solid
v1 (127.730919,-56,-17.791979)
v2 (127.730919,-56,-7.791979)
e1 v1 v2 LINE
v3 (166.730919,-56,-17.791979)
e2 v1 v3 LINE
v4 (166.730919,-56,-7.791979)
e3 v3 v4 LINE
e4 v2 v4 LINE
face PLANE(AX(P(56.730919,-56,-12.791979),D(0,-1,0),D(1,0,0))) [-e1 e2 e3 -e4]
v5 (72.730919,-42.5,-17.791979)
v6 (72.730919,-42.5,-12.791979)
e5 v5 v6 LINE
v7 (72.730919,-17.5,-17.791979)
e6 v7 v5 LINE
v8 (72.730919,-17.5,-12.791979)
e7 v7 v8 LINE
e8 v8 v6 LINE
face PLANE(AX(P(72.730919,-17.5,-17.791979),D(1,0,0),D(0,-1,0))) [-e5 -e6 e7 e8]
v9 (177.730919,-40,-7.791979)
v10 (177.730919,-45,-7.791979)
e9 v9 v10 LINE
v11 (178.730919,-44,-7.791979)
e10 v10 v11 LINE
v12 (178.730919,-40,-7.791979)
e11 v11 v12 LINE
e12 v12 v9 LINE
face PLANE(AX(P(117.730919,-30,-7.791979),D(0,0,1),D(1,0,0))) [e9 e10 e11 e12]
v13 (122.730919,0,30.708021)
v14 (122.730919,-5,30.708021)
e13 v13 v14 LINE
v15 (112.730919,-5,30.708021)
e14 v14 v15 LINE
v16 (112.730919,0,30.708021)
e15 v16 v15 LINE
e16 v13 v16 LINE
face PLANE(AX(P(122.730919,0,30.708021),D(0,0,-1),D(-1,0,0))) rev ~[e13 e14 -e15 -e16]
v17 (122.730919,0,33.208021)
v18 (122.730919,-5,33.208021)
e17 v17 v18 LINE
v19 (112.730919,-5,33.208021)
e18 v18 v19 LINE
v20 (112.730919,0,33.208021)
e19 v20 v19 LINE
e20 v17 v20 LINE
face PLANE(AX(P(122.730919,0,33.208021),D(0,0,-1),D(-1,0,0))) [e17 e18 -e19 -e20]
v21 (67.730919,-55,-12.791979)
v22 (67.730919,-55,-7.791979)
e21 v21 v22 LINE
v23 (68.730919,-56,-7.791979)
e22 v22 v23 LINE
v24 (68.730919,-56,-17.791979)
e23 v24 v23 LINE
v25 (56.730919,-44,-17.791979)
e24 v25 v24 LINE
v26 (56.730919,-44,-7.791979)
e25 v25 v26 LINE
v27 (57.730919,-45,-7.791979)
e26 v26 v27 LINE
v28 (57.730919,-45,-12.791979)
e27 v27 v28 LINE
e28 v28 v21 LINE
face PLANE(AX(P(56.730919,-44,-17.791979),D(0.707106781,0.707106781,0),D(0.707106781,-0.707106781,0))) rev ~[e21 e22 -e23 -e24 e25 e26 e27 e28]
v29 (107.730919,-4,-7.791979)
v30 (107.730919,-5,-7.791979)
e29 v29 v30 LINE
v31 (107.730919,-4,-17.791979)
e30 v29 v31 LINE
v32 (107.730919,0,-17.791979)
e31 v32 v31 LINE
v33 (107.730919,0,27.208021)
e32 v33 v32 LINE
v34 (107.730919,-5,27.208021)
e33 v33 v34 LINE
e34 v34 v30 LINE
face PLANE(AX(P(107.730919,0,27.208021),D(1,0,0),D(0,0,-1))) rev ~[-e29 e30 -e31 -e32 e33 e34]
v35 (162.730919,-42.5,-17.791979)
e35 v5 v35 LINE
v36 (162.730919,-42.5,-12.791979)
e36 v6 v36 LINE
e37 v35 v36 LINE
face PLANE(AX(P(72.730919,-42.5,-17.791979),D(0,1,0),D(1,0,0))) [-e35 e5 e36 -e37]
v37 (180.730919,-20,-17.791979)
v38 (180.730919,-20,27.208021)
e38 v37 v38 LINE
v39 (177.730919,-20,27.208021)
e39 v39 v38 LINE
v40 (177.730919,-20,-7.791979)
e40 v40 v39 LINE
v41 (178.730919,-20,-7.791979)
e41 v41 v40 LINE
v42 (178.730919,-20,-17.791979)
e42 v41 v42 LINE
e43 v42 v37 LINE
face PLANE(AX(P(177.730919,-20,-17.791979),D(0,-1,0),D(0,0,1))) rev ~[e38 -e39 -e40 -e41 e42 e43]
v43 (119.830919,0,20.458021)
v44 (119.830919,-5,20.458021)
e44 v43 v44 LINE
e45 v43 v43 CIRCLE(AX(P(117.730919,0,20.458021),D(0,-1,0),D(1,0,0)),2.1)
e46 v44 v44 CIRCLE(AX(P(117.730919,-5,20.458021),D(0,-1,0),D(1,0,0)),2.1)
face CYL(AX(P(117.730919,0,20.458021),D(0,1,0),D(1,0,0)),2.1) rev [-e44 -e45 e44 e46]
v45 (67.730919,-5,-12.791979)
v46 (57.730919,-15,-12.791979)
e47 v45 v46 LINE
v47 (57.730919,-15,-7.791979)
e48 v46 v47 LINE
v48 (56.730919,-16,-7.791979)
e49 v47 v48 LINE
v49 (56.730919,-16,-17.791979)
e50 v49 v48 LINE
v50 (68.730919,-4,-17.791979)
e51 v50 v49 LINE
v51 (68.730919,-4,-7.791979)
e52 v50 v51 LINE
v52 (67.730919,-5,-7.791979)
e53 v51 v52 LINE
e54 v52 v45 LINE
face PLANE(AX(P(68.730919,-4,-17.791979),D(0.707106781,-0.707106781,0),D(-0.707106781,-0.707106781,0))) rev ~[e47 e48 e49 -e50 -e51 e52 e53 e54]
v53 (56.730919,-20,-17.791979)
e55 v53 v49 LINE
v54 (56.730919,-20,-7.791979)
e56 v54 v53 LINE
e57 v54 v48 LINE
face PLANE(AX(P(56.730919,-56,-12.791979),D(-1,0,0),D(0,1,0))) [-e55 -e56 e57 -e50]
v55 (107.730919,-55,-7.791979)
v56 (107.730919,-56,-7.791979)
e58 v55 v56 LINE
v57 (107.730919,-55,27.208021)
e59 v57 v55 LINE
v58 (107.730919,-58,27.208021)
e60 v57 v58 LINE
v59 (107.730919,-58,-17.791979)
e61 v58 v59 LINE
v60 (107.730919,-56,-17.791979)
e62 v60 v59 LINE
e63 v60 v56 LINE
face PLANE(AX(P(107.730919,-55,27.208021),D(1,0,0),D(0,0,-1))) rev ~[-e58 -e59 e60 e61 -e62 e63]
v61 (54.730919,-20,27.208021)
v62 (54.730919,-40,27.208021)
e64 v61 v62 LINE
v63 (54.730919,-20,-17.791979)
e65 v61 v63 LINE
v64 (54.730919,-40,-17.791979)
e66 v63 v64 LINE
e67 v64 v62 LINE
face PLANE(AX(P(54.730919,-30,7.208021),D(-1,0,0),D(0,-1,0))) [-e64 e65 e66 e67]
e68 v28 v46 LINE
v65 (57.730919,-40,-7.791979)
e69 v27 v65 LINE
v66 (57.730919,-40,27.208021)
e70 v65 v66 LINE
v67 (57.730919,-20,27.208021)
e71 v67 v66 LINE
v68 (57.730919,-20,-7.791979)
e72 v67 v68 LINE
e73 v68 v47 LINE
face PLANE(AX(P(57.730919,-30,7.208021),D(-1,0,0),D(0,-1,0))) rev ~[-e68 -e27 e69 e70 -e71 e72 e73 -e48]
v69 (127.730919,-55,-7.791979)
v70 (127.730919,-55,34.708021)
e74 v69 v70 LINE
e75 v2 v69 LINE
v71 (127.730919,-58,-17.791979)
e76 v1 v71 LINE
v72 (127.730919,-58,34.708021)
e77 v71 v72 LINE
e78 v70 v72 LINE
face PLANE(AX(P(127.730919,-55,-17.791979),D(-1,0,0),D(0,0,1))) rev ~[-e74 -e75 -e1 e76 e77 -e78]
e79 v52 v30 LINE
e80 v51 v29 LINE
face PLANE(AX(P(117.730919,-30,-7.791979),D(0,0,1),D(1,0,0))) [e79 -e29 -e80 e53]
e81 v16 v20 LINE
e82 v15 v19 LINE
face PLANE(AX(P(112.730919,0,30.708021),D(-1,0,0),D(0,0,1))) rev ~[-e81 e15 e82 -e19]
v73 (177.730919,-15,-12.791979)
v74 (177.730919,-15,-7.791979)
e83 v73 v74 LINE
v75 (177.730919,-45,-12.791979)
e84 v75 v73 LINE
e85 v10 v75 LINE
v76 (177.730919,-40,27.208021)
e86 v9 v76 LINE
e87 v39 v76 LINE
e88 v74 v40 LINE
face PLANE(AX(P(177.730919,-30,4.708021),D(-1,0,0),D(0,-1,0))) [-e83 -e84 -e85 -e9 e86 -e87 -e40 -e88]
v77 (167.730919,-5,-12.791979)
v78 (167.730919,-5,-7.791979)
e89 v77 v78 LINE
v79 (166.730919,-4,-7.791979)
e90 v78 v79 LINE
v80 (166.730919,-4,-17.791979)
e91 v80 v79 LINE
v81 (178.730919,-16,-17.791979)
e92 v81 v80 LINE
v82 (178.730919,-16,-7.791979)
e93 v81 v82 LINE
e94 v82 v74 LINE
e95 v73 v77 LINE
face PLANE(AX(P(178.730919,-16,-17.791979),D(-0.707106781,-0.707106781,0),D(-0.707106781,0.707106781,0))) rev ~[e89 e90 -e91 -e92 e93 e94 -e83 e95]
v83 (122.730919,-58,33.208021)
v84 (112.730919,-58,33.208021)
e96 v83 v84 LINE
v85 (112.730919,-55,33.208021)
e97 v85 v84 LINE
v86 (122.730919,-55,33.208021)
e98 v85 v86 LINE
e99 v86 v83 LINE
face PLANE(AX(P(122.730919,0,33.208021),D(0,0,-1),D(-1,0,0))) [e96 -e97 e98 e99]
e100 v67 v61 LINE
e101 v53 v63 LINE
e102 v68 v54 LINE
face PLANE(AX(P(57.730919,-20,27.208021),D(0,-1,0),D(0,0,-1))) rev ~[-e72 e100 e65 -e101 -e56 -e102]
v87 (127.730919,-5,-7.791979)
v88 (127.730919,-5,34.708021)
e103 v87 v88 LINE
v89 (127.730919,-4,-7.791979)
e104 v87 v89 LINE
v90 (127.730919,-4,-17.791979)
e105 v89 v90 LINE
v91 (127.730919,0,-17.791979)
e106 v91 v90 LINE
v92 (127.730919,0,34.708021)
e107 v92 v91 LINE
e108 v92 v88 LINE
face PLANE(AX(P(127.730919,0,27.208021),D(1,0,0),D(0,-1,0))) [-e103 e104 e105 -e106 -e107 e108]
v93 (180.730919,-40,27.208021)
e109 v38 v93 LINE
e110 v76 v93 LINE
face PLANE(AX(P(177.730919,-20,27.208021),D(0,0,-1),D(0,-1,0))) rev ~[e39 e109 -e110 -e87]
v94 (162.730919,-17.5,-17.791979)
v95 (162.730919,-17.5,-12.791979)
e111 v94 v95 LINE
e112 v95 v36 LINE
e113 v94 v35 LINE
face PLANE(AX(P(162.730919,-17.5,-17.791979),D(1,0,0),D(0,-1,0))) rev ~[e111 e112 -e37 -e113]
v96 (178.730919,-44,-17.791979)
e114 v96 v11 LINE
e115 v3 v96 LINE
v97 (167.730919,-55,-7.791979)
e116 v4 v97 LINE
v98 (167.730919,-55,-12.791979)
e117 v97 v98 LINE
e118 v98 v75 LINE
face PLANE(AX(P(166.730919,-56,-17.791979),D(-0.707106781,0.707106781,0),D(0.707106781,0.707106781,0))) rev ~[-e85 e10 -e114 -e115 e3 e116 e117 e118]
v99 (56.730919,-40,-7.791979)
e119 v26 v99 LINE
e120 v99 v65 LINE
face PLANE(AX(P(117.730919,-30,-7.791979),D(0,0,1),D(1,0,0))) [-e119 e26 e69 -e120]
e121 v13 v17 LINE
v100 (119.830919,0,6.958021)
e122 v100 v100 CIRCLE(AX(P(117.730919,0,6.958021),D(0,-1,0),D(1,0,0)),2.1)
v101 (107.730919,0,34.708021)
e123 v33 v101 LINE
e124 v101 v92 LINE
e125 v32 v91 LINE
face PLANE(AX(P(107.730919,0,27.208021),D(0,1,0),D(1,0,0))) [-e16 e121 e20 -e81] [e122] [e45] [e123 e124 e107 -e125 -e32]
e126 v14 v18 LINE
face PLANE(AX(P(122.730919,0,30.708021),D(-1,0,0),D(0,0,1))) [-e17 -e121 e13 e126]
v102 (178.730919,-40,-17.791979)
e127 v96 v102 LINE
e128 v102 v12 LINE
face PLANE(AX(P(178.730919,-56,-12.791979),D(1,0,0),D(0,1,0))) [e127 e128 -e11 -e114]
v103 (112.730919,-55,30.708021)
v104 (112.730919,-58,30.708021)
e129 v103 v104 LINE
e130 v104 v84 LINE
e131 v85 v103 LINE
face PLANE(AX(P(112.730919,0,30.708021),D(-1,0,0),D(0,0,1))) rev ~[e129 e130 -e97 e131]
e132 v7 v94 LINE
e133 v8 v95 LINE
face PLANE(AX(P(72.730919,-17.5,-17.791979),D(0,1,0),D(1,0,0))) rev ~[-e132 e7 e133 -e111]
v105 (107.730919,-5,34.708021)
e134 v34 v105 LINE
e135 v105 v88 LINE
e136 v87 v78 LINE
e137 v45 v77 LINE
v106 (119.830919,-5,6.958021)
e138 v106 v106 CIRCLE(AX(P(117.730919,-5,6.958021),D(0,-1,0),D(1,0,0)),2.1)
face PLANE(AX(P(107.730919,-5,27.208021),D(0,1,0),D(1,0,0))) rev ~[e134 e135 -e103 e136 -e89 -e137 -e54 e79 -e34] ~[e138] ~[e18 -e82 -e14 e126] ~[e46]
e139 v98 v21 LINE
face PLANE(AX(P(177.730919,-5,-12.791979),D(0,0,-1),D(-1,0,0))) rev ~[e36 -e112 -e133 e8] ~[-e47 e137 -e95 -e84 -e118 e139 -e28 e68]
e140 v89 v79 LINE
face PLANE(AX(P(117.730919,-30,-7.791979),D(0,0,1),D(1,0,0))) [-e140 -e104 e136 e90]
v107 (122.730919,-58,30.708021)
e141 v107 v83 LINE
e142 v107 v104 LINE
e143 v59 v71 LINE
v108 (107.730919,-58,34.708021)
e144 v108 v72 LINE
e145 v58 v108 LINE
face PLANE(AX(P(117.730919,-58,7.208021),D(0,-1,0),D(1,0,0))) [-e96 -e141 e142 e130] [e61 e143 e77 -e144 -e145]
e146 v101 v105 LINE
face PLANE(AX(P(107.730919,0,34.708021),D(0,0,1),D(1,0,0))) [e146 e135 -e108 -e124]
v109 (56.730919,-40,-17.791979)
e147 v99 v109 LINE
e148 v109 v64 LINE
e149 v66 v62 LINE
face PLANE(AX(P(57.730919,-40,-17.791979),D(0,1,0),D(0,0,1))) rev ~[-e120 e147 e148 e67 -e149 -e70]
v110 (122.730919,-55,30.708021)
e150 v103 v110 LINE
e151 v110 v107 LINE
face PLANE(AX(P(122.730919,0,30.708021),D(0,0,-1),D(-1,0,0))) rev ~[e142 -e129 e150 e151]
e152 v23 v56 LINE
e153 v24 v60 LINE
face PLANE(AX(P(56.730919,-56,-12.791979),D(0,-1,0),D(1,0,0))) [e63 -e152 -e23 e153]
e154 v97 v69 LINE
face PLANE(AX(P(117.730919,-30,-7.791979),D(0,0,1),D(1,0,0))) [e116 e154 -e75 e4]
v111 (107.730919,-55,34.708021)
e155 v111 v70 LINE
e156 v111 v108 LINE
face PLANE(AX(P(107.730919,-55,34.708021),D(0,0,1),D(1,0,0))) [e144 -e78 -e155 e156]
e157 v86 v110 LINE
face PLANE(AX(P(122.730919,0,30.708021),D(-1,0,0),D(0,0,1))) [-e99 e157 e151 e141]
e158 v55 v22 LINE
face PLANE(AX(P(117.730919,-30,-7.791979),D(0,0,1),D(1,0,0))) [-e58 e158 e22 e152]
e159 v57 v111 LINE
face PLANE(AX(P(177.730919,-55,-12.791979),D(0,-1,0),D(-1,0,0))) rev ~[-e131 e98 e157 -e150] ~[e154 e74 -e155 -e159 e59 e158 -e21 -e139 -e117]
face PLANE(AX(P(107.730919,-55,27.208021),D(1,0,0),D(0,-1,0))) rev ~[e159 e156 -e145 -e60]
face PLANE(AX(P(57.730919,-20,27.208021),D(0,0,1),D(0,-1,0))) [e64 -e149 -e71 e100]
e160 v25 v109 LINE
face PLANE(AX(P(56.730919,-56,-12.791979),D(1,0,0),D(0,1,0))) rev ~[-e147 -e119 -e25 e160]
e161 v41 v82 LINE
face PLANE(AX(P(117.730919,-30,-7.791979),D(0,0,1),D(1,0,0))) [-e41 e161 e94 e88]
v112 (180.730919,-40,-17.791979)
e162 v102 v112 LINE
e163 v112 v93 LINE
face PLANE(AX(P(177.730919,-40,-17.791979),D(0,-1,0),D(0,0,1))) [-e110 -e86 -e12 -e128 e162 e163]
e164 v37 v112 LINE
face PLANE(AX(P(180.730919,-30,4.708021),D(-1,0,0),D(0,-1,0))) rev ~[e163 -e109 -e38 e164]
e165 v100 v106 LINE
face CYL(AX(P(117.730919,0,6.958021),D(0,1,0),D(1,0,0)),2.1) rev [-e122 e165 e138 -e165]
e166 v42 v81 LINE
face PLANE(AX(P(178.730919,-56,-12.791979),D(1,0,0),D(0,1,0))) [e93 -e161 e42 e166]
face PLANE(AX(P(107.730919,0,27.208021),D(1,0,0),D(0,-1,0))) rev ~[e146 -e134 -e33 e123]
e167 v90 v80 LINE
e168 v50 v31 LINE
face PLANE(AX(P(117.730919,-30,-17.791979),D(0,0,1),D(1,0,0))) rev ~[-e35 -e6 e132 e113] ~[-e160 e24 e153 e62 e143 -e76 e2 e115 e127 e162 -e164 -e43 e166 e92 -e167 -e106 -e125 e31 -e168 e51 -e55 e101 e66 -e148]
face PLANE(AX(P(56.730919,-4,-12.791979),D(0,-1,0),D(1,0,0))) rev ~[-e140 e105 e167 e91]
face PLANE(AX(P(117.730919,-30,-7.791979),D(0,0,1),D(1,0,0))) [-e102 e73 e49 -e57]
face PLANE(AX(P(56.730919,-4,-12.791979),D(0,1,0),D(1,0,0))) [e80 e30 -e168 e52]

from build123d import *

# Parameters (mm, degrees)
F0_W          = 20.0000000001
F0_H          = 40
F0_R          = 2.1
F0_W_2        = 20
F0_H_2        = 5
F1_DEPTH      = 5
F2_START      = 5
F0_W_3        = 50
F2_DEPTH      = 50
F3_START      = 55
F3_DEPTH      = 3
F4_W          = 20
F4_H          = 40
F4_H_2        = 5
F5_DEPTH      = 3
F6_START      = -123
F5_FACE_W     = 20
F5_FACE_H     = 45
F6_DEPTH      = 3
F7_W          = 122
F7_H          = 52
F8_DEPTH      = 5
F8_DEPTH_BACK = 5
F9_DEPTH      = 7.5
F10_W         = 10
F10_H         = 2.5
F11_DEPTH     = 58
F12_W         = 90
F12_H         = 25
F13_DEPTH     = 10


with BuildPart() as f1:
    # F0 (on Front) → F1 (new body)
    with BuildSketch(Plane.XZ):
        with Locations((117.7309190904, 7.2080208344)):
            Rectangle(F0_W, F0_H)
        with Locations((117.7309190904, 6.9580208345)):
            Circle(F0_R, mode=Mode.SUBTRACT)
        with Locations((117.7309190904, 20.4580208344)):
            Circle(F0_R, mode=Mode.SUBTRACT)
        with Locations((117.7309190904, -15.2919791656)):
            Rectangle(F0_W_2, F0_H_2)
    extrude(amount=F1_DEPTH)

    # F0 (on Front) → F2 (join)
    with BuildSketch(Plane.XZ.offset(F2_START)):
        with Locations((82.7309190904, -15.2919791656)):
            Rectangle(F0_W_3, F0_H_2)
        with Locations((152.7309190904, -15.2919791656)):
            Rectangle(F0_W_3, F0_H_2)
        with Locations((117.7309190904, -15.2919791656)):
            Rectangle(F0_W_2, F0_H_2)
    extrude(amount=F2_DEPTH)

    # F0 (on Front) → F3 (join)
    with BuildSketch(Plane.XZ.offset(F3_START)):
        with Locations((117.7309190904, 7.2080208344)):
            Rectangle(F0_W, F0_H)
        with Locations((117.7309190904, 6.9580208345)):
            Circle(F0_R, mode=Mode.SUBTRACT)
        with Locations((117.7309190904, 20.4580208344)):
            Circle(F0_R, mode=Mode.SUBTRACT)
        with Locations((117.7309190904, -15.2919791656)):
            Rectangle(F0_W_2, F0_H_2)
        with Locations((117.7309190904, 20.4580208344)):
            Circle(F0_R)
        with Locations((117.7309190904, 6.9580208345)):
            Circle(F0_R)
    extrude(amount=F3_DEPTH)

    # F4 (on face) → F5 (join)
    with BuildSketch(Plane(origin=(57.7309190904, 0, 0), x_dir=(0, -1, 0), z_dir=(-1, 0, 0))):
        with Locations((30, 7.2080208344)):
            Rectangle(F4_W, F4_H)
        with Locations((30, -15.2919791656)):
            Rectangle(F4_W, F4_H_2)
    extrude(amount=F5_DEPTH)

    # F5_face (on face) → F6 (join)
    with BuildSketch(Plane(origin=(54.7309190904, -30, 4.7080208344), x_dir=(0, -1, 0), z_dir=(-1, 0, 0)).offset(F6_START)):
        Rectangle(F5_FACE_W, F5_FACE_H)
    extrude(amount=-F6_DEPTH)

    # F7 (on face) → F8 (join, two sides)
    with BuildSketch(Plane.XY.offset(-12.7919791656)) as f8_sk:
        with Locations((117.7309190904, -30)):
            Rectangle(F7_W, F7_H)
        Polygon((177.7309190904, -5), (177.7309190904, -20), (177.7309190904, -40), (177.7309190904, -55), (127.7309190904, -55), (107.7309190904, -55), (57.7309190904, -55), (57.7309190904, -40), (57.7309190904, -20), (57.7309190904, -5), (107.7309190904, -5), (127.7309190904, -5), align=None, mode=Mode.SUBTRACT)
    extrude(amount=F8_DEPTH)
    extrude(f8_sk.sketch, amount=-F8_DEPTH_BACK)

    # F9 (add): faces of the model
    f9_faces = [f1.faces().sort_by_distance(p)[0] for p in [
        (117.7309190904, -2.5, 27.2080208344),
        (117.7309190904, -56.5, 27.2080208344),
    ]]
    extrude(f9_faces, amount=F9_DEPTH)

    # F10 (on face) → F11 (cut, through all)
    with BuildSketch(Plane(origin=(0, 0, 0), x_dir=(-1, 0, 0), z_dir=(0, 1, 0))):
        with Locations((-117.7309190904, 31.9580208344)):
            Rectangle(F10_W, F10_H)
    extrude(amount=-F11_DEPTH, mode=Mode.SUBTRACT)

    # F12 (on face) → F13 (cut, through all)
    with BuildSketch(Plane(origin=(0, 0, -17.7919791656), x_dir=(1, 0, 0), z_dir=(0, 0, -1))):
        Polygon((56.7309190904, 4), (68.7309190904, 4), (56.7309190904, 16), align=None)
        Polygon((56.7309190904, 56), (56.7309190904, 44), (68.7309190904, 56), align=None)
        Polygon((166.7309190904, 56), (178.7309190904, 44), (178.7309190904, 56), align=None)
        Polygon((178.7309190904, 16), (166.7309190904, 4), (178.7309190904, 4), align=None)
        with Locations((117.7309190904, 30)):
            Rectangle(F12_W, F12_H)
    extrude(amount=-F13_DEPTH, mode=Mode.SUBTRACT)


solid = f1.part
